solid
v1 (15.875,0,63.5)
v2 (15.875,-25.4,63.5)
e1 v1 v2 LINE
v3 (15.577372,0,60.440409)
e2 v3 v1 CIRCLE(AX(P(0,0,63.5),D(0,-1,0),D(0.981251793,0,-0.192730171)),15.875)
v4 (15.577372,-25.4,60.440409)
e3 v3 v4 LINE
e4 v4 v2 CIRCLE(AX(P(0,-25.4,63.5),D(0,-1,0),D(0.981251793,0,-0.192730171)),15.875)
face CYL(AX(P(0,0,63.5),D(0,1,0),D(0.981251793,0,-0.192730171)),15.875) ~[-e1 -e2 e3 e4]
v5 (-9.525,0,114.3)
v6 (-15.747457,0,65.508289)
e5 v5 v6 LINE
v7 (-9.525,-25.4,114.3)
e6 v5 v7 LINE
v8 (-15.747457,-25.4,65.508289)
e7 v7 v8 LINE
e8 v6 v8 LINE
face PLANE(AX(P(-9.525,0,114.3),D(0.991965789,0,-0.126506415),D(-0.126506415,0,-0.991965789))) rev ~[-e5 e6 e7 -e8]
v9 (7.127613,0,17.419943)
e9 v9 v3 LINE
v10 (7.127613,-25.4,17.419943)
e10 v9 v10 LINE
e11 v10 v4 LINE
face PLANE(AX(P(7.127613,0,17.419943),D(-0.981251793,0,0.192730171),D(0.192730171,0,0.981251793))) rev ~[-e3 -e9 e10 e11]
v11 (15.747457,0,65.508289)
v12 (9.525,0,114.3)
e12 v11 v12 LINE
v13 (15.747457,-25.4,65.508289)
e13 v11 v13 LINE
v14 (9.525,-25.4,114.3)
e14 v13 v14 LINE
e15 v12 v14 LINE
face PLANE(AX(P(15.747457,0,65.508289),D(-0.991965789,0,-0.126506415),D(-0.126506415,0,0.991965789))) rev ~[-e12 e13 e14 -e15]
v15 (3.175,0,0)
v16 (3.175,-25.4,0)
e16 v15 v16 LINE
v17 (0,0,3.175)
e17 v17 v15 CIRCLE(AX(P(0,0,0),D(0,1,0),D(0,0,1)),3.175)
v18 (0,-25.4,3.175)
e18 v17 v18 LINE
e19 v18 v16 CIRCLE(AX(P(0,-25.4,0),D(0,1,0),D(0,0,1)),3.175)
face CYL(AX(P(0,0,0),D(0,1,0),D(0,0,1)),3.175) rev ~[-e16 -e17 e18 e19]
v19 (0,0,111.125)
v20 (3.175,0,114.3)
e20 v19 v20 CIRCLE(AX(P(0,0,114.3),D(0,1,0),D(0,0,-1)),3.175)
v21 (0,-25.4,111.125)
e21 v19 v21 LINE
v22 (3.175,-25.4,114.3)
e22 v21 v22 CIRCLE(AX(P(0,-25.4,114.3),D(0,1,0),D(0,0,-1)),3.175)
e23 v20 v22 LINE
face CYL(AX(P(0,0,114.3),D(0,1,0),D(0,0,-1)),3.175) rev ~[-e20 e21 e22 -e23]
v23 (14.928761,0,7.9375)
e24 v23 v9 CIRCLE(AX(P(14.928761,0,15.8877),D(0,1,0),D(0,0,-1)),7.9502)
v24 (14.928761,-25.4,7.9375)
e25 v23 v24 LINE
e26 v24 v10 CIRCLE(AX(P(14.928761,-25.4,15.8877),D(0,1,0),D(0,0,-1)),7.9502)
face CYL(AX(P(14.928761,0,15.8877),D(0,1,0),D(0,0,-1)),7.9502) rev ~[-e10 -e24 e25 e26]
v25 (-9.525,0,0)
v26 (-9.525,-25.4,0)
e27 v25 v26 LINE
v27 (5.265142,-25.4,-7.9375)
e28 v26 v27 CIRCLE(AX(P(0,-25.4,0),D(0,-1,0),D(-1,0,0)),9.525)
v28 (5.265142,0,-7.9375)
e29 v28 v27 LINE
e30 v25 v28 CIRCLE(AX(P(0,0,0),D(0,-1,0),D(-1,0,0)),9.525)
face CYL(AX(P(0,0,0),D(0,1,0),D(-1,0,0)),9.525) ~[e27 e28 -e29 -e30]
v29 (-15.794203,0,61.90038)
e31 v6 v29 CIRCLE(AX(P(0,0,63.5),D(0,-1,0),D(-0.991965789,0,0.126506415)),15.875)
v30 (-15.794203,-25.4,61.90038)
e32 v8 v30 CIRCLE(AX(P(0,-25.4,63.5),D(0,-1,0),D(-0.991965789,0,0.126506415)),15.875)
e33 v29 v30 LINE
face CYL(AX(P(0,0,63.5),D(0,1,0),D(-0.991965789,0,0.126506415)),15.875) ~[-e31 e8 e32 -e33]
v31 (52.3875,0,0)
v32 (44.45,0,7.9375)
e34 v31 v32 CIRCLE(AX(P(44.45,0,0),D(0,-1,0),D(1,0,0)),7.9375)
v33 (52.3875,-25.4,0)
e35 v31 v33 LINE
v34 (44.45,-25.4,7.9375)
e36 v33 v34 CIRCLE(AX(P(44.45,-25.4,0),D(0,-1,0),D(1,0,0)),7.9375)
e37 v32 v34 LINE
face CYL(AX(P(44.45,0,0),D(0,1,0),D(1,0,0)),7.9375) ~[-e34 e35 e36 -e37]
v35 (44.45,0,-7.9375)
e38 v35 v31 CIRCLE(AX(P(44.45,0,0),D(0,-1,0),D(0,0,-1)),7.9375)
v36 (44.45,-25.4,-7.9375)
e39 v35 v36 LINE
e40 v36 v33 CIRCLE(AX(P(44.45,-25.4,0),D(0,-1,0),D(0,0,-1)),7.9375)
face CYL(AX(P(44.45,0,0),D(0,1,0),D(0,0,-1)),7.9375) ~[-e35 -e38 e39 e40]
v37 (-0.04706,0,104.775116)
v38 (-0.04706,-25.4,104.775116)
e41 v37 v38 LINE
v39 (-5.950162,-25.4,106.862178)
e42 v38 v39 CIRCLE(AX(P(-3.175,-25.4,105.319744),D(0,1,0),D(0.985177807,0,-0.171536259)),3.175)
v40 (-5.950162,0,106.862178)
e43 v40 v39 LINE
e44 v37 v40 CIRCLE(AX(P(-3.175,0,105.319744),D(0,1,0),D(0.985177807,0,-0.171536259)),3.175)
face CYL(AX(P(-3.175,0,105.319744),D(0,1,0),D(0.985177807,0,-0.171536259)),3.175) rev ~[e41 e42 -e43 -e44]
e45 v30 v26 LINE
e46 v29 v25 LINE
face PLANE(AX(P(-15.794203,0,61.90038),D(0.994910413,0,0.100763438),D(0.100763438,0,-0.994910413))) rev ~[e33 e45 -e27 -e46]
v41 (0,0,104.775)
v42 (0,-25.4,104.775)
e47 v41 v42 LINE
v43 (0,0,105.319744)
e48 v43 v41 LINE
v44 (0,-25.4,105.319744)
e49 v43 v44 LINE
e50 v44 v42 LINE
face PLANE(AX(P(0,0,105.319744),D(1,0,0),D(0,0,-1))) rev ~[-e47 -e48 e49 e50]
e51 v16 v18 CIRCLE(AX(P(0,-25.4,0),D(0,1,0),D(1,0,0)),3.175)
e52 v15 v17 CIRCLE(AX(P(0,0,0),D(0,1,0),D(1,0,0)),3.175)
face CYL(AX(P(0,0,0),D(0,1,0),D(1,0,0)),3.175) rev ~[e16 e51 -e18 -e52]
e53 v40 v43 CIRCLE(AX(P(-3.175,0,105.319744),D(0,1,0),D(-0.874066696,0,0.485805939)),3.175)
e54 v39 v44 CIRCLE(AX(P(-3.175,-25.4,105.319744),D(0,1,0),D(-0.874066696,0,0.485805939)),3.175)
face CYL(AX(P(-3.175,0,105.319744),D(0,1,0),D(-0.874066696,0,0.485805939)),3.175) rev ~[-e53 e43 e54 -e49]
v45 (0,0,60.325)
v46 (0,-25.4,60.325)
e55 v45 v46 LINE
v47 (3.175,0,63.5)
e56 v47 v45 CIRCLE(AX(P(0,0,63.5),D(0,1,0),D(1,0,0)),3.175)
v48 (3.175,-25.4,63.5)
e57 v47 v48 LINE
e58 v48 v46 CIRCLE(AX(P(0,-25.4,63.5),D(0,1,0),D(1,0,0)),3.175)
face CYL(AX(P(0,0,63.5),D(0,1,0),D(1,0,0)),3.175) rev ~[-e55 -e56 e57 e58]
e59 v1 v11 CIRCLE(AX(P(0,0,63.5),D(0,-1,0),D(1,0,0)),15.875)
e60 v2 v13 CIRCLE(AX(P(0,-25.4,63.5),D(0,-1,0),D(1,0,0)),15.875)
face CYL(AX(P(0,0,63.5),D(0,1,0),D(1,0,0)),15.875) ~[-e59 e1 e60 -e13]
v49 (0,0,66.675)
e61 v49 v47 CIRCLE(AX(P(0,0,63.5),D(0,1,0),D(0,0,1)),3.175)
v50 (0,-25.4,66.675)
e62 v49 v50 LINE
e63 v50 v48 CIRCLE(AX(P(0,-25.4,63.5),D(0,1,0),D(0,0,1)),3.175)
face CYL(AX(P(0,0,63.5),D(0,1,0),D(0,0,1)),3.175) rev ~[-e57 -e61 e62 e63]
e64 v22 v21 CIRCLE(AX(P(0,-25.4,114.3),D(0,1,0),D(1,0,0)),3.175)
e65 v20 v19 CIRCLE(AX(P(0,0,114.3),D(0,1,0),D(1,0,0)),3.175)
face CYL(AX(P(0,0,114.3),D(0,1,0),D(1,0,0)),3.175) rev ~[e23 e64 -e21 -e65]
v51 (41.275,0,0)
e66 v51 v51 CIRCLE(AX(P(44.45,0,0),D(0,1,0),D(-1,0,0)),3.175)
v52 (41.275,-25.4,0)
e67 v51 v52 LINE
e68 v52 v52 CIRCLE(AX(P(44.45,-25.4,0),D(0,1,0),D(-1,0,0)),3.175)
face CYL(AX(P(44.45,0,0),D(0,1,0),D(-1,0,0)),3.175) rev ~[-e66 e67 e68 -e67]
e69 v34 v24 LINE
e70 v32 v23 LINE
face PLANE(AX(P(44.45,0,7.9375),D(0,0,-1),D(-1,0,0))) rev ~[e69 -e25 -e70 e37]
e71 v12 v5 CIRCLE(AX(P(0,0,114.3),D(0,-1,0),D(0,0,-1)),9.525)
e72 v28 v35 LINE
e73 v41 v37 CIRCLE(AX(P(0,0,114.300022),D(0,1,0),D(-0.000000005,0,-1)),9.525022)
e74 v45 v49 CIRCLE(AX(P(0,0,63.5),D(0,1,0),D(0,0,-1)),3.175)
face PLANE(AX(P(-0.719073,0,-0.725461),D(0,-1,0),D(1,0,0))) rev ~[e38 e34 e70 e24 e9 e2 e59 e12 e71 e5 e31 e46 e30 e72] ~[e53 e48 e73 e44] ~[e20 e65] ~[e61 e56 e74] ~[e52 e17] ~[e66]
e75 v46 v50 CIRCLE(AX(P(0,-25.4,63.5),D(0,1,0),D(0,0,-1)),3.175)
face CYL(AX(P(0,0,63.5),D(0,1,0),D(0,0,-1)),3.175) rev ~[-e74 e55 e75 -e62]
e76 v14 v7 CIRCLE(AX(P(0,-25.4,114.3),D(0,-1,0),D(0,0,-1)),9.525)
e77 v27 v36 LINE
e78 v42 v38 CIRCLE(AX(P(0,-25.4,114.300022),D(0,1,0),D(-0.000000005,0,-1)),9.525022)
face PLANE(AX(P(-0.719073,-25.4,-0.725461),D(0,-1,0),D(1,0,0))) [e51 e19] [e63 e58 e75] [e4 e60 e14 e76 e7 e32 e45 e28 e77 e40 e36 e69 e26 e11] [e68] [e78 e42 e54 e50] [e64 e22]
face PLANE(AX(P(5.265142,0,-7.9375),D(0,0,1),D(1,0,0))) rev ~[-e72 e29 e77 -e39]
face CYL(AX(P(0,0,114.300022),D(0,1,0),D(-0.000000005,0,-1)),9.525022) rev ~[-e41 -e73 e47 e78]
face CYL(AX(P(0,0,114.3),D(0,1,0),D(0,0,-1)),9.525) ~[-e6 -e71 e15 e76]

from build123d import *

# Parameters (mm, degrees)
F1_DEPTH = 25.4


with BuildPart() as f1:
    # F0 (on Front) → F1 (new body)
    with BuildSketch(Plane.XZ):
        with BuildLine():
            ThreePointArc((3.175, 0), (-2.2450640303, -2.2450640303), (0, 3.175))
            Line((0, 3.175), (0, 9.525))
            ThreePointArc((0, 9.525), (-6.7351920908, 6.7351920908), (-9.525, 0))
            ThreePointArc((-9.525, 0), (-4.5041730003, -8.392737967), (5.2651418547, -7.9375))
            ThreePointArc((5.2651418547, -7.9375), (8.392737967, -4.5041730003), (9.525, 0))
            Line((9.525, 0), (3.175, 0))
        make_face()
        with BuildLine():
            ThreePointArc((-9.525, 0), (-6.7351920908, 6.7351920908), (0, 9.525))
            Line((0, 9.525), (0, 47.625))
            ThreePointArc((0, 47.625), (-10.644756084, 51.722700101), (-15.7942028036, 61.9003804205))
            Line((-15.7942028036, 61.9003804205), (-9.525, 0))
        make_face()
        with BuildLine():
            Line((0, 47.625), (0, 9.525))
            ThreePointArc((0, 9.525), (6.7351920908, 6.7351920908), (9.525, 0))
            Line((9.525, 0), (36.5125, 0))
            ThreePointArc((36.5125, 0), (38.8373399243, 5.6126600757), (44.45, 7.9375))
            Line((44.45, 7.9375), (14.9287607866, 7.9375))
            ThreePointArc((14.9287607866, 7.9375), (8.789244456, 10.8367575864), (7.1276127819, 17.4199434038))
            Line((7.1276127819, 17.4199434038), (15.5773722139, 60.4404085387))
            ThreePointArc((15.5773722139, 60.4404085387), (10.085747631, 51.2405824068), (0, 47.625))
        make_face()
        with BuildLine():
            Line((36.5125, 0), (9.525, 0))
            ThreePointArc((9.525, 0), (8.392737967, -4.5041730003), (5.2651418547, -7.9375))
            Line((5.2651418547, -7.9375), (44.45, -7.9375))
            ThreePointArc((44.45, -7.9375), (38.8373399243, -5.6126600757), (36.5125, 0))
        make_face()
        with BuildLine():
            ThreePointArc((-15.7942028036, 61.9003804205), (-10.644756084, 51.722700101), (0, 47.625))
            Line((0, 47.625), (0, 60.325))
            ThreePointArc((0, 60.325), (-3.175, 63.5), (0, 66.675))
            Line((0, 66.675), (0, 79.375))
            ThreePointArc((0, 79.375), (-10.4912828548, 75.4142187767), (-15.7474569047, 65.5082893304))
            ThreePointArc((-15.7474569047, 65.5082893304), (-15.873667691, 63.7056672947), (-15.7942028036, 61.9003804205))
        make_face()
        with BuildLine():
            Line((0, 60.325), (0, 47.625))
            ThreePointArc((0, 47.625), (10.085747631, 51.2405824068), (15.5773722139, 60.4404085387))
            ThreePointArc((15.5773722139, 60.4404085387), (15.8004178567, 61.9629832296), (15.875, 63.5))
            ThreePointArc((15.875, 63.5), (15.8430821396, 64.5061676396), (15.7474569047, 65.5082893304))
            ThreePointArc((15.7474569047, 65.5082893304), (10.4912828548, 75.4142187767), (0, 79.375))
            Line((0, 79.375), (0, 66.675))
            ThreePointArc((0, 66.675), (2.2450640303, 65.7450640303), (3.175, 63.5))
            ThreePointArc((3.175, 63.5), (2.2450640303, 61.2549359697), (0, 60.325))
        make_face()
        with BuildLine():
            ThreePointArc((44.45, 7.9375), (38.8373399243, 5.6126600757), (36.5125, 0))
            ThreePointArc((36.5125, 0), (38.8373399243, -5.6126600757), (44.45, -7.9375))
            ThreePointArc((44.45, -7.9375), (50.0626600757, -5.6126600757), (52.3875, 0))
            ThreePointArc((52.3875, 0), (50.0626600757, 5.6126600757), (44.45, 7.9375))
        make_face()
        with BuildLine():
            ThreePointArc((47.625, 0), (44.45, -3.175), (41.275, 0))
            ThreePointArc((41.275, 0), (44.45, 3.175), (47.625, 0))
        make_face(mode=Mode.SUBTRACT)
        with BuildLine():
            Line((-9.525, 114.3), (-15.7474569047, 65.5082893304))
            ThreePointArc((-15.7474569047, 65.5082893304), (-10.4912828548, 75.4142187767), (0, 79.375))
            Line((0, 79.375), (0, 104.775))
            ThreePointArc((0, 104.775), (-0.0235303028, 104.7750290644), (-0.0470604619, 104.7751162572))
            ThreePointArc((-0.0470604619, 104.7751162572), (-4.2333333333, 102.3263251719), (-5.9501617603, 106.8621777363))
            ThreePointArc((-5.9501617603, 106.8621777363), (-8.5848970805, 110.1738435419), (-9.525, 114.3))
        make_face()
        with BuildLine():
            Line((0, 104.775), (0, 79.375))
            ThreePointArc((0, 79.375), (10.4912828548, 75.4142187767), (15.7474569047, 65.5082893304))
            Line((15.7474569047, 65.5082893304), (9.525, 114.3))
            ThreePointArc((9.525, 114.3), (6.7351920908, 107.5648079092), (0, 104.775))
        make_face()
        with BuildLine():
            ThreePointArc((9.525, 114.3), (0, 123.825), (-9.525, 114.3))
            ThreePointArc((-9.525, 114.3), (-8.5848970805, 110.1738435419), (-5.9501617603, 106.8621777363))
            ThreePointArc((-5.9501617603, 106.8621777363), (-2.3782922709, 108.3931592095), (0, 105.3197438789))
            Line((0, 105.3197438789), (0, 104.775))
            ThreePointArc((0, 104.775), (6.7351920908, 107.5648079092), (9.525, 114.3))
        make_face()
        with BuildLine():
            ThreePointArc((3.175, 114.3), (2.2450640303, 112.0549359697), (0, 111.125))
            ThreePointArc((0, 111.125), (-2.2450640303, 116.5450640303), (3.175, 114.3))
        make_face(mode=Mode.SUBTRACT)
        with BuildLine():
            Line((0, 9.525), (0, 3.175))
            ThreePointArc((0, 3.175), (2.2450640303, 2.2450640303), (3.175, 0))
            Line((3.175, 0), (9.525, 0))
            ThreePointArc((9.525, 0), (6.7351920908, 6.7351920908), (0, 9.525))
        make_face()
    extrude(amount=F1_DEPTH)


solid = f1.part
